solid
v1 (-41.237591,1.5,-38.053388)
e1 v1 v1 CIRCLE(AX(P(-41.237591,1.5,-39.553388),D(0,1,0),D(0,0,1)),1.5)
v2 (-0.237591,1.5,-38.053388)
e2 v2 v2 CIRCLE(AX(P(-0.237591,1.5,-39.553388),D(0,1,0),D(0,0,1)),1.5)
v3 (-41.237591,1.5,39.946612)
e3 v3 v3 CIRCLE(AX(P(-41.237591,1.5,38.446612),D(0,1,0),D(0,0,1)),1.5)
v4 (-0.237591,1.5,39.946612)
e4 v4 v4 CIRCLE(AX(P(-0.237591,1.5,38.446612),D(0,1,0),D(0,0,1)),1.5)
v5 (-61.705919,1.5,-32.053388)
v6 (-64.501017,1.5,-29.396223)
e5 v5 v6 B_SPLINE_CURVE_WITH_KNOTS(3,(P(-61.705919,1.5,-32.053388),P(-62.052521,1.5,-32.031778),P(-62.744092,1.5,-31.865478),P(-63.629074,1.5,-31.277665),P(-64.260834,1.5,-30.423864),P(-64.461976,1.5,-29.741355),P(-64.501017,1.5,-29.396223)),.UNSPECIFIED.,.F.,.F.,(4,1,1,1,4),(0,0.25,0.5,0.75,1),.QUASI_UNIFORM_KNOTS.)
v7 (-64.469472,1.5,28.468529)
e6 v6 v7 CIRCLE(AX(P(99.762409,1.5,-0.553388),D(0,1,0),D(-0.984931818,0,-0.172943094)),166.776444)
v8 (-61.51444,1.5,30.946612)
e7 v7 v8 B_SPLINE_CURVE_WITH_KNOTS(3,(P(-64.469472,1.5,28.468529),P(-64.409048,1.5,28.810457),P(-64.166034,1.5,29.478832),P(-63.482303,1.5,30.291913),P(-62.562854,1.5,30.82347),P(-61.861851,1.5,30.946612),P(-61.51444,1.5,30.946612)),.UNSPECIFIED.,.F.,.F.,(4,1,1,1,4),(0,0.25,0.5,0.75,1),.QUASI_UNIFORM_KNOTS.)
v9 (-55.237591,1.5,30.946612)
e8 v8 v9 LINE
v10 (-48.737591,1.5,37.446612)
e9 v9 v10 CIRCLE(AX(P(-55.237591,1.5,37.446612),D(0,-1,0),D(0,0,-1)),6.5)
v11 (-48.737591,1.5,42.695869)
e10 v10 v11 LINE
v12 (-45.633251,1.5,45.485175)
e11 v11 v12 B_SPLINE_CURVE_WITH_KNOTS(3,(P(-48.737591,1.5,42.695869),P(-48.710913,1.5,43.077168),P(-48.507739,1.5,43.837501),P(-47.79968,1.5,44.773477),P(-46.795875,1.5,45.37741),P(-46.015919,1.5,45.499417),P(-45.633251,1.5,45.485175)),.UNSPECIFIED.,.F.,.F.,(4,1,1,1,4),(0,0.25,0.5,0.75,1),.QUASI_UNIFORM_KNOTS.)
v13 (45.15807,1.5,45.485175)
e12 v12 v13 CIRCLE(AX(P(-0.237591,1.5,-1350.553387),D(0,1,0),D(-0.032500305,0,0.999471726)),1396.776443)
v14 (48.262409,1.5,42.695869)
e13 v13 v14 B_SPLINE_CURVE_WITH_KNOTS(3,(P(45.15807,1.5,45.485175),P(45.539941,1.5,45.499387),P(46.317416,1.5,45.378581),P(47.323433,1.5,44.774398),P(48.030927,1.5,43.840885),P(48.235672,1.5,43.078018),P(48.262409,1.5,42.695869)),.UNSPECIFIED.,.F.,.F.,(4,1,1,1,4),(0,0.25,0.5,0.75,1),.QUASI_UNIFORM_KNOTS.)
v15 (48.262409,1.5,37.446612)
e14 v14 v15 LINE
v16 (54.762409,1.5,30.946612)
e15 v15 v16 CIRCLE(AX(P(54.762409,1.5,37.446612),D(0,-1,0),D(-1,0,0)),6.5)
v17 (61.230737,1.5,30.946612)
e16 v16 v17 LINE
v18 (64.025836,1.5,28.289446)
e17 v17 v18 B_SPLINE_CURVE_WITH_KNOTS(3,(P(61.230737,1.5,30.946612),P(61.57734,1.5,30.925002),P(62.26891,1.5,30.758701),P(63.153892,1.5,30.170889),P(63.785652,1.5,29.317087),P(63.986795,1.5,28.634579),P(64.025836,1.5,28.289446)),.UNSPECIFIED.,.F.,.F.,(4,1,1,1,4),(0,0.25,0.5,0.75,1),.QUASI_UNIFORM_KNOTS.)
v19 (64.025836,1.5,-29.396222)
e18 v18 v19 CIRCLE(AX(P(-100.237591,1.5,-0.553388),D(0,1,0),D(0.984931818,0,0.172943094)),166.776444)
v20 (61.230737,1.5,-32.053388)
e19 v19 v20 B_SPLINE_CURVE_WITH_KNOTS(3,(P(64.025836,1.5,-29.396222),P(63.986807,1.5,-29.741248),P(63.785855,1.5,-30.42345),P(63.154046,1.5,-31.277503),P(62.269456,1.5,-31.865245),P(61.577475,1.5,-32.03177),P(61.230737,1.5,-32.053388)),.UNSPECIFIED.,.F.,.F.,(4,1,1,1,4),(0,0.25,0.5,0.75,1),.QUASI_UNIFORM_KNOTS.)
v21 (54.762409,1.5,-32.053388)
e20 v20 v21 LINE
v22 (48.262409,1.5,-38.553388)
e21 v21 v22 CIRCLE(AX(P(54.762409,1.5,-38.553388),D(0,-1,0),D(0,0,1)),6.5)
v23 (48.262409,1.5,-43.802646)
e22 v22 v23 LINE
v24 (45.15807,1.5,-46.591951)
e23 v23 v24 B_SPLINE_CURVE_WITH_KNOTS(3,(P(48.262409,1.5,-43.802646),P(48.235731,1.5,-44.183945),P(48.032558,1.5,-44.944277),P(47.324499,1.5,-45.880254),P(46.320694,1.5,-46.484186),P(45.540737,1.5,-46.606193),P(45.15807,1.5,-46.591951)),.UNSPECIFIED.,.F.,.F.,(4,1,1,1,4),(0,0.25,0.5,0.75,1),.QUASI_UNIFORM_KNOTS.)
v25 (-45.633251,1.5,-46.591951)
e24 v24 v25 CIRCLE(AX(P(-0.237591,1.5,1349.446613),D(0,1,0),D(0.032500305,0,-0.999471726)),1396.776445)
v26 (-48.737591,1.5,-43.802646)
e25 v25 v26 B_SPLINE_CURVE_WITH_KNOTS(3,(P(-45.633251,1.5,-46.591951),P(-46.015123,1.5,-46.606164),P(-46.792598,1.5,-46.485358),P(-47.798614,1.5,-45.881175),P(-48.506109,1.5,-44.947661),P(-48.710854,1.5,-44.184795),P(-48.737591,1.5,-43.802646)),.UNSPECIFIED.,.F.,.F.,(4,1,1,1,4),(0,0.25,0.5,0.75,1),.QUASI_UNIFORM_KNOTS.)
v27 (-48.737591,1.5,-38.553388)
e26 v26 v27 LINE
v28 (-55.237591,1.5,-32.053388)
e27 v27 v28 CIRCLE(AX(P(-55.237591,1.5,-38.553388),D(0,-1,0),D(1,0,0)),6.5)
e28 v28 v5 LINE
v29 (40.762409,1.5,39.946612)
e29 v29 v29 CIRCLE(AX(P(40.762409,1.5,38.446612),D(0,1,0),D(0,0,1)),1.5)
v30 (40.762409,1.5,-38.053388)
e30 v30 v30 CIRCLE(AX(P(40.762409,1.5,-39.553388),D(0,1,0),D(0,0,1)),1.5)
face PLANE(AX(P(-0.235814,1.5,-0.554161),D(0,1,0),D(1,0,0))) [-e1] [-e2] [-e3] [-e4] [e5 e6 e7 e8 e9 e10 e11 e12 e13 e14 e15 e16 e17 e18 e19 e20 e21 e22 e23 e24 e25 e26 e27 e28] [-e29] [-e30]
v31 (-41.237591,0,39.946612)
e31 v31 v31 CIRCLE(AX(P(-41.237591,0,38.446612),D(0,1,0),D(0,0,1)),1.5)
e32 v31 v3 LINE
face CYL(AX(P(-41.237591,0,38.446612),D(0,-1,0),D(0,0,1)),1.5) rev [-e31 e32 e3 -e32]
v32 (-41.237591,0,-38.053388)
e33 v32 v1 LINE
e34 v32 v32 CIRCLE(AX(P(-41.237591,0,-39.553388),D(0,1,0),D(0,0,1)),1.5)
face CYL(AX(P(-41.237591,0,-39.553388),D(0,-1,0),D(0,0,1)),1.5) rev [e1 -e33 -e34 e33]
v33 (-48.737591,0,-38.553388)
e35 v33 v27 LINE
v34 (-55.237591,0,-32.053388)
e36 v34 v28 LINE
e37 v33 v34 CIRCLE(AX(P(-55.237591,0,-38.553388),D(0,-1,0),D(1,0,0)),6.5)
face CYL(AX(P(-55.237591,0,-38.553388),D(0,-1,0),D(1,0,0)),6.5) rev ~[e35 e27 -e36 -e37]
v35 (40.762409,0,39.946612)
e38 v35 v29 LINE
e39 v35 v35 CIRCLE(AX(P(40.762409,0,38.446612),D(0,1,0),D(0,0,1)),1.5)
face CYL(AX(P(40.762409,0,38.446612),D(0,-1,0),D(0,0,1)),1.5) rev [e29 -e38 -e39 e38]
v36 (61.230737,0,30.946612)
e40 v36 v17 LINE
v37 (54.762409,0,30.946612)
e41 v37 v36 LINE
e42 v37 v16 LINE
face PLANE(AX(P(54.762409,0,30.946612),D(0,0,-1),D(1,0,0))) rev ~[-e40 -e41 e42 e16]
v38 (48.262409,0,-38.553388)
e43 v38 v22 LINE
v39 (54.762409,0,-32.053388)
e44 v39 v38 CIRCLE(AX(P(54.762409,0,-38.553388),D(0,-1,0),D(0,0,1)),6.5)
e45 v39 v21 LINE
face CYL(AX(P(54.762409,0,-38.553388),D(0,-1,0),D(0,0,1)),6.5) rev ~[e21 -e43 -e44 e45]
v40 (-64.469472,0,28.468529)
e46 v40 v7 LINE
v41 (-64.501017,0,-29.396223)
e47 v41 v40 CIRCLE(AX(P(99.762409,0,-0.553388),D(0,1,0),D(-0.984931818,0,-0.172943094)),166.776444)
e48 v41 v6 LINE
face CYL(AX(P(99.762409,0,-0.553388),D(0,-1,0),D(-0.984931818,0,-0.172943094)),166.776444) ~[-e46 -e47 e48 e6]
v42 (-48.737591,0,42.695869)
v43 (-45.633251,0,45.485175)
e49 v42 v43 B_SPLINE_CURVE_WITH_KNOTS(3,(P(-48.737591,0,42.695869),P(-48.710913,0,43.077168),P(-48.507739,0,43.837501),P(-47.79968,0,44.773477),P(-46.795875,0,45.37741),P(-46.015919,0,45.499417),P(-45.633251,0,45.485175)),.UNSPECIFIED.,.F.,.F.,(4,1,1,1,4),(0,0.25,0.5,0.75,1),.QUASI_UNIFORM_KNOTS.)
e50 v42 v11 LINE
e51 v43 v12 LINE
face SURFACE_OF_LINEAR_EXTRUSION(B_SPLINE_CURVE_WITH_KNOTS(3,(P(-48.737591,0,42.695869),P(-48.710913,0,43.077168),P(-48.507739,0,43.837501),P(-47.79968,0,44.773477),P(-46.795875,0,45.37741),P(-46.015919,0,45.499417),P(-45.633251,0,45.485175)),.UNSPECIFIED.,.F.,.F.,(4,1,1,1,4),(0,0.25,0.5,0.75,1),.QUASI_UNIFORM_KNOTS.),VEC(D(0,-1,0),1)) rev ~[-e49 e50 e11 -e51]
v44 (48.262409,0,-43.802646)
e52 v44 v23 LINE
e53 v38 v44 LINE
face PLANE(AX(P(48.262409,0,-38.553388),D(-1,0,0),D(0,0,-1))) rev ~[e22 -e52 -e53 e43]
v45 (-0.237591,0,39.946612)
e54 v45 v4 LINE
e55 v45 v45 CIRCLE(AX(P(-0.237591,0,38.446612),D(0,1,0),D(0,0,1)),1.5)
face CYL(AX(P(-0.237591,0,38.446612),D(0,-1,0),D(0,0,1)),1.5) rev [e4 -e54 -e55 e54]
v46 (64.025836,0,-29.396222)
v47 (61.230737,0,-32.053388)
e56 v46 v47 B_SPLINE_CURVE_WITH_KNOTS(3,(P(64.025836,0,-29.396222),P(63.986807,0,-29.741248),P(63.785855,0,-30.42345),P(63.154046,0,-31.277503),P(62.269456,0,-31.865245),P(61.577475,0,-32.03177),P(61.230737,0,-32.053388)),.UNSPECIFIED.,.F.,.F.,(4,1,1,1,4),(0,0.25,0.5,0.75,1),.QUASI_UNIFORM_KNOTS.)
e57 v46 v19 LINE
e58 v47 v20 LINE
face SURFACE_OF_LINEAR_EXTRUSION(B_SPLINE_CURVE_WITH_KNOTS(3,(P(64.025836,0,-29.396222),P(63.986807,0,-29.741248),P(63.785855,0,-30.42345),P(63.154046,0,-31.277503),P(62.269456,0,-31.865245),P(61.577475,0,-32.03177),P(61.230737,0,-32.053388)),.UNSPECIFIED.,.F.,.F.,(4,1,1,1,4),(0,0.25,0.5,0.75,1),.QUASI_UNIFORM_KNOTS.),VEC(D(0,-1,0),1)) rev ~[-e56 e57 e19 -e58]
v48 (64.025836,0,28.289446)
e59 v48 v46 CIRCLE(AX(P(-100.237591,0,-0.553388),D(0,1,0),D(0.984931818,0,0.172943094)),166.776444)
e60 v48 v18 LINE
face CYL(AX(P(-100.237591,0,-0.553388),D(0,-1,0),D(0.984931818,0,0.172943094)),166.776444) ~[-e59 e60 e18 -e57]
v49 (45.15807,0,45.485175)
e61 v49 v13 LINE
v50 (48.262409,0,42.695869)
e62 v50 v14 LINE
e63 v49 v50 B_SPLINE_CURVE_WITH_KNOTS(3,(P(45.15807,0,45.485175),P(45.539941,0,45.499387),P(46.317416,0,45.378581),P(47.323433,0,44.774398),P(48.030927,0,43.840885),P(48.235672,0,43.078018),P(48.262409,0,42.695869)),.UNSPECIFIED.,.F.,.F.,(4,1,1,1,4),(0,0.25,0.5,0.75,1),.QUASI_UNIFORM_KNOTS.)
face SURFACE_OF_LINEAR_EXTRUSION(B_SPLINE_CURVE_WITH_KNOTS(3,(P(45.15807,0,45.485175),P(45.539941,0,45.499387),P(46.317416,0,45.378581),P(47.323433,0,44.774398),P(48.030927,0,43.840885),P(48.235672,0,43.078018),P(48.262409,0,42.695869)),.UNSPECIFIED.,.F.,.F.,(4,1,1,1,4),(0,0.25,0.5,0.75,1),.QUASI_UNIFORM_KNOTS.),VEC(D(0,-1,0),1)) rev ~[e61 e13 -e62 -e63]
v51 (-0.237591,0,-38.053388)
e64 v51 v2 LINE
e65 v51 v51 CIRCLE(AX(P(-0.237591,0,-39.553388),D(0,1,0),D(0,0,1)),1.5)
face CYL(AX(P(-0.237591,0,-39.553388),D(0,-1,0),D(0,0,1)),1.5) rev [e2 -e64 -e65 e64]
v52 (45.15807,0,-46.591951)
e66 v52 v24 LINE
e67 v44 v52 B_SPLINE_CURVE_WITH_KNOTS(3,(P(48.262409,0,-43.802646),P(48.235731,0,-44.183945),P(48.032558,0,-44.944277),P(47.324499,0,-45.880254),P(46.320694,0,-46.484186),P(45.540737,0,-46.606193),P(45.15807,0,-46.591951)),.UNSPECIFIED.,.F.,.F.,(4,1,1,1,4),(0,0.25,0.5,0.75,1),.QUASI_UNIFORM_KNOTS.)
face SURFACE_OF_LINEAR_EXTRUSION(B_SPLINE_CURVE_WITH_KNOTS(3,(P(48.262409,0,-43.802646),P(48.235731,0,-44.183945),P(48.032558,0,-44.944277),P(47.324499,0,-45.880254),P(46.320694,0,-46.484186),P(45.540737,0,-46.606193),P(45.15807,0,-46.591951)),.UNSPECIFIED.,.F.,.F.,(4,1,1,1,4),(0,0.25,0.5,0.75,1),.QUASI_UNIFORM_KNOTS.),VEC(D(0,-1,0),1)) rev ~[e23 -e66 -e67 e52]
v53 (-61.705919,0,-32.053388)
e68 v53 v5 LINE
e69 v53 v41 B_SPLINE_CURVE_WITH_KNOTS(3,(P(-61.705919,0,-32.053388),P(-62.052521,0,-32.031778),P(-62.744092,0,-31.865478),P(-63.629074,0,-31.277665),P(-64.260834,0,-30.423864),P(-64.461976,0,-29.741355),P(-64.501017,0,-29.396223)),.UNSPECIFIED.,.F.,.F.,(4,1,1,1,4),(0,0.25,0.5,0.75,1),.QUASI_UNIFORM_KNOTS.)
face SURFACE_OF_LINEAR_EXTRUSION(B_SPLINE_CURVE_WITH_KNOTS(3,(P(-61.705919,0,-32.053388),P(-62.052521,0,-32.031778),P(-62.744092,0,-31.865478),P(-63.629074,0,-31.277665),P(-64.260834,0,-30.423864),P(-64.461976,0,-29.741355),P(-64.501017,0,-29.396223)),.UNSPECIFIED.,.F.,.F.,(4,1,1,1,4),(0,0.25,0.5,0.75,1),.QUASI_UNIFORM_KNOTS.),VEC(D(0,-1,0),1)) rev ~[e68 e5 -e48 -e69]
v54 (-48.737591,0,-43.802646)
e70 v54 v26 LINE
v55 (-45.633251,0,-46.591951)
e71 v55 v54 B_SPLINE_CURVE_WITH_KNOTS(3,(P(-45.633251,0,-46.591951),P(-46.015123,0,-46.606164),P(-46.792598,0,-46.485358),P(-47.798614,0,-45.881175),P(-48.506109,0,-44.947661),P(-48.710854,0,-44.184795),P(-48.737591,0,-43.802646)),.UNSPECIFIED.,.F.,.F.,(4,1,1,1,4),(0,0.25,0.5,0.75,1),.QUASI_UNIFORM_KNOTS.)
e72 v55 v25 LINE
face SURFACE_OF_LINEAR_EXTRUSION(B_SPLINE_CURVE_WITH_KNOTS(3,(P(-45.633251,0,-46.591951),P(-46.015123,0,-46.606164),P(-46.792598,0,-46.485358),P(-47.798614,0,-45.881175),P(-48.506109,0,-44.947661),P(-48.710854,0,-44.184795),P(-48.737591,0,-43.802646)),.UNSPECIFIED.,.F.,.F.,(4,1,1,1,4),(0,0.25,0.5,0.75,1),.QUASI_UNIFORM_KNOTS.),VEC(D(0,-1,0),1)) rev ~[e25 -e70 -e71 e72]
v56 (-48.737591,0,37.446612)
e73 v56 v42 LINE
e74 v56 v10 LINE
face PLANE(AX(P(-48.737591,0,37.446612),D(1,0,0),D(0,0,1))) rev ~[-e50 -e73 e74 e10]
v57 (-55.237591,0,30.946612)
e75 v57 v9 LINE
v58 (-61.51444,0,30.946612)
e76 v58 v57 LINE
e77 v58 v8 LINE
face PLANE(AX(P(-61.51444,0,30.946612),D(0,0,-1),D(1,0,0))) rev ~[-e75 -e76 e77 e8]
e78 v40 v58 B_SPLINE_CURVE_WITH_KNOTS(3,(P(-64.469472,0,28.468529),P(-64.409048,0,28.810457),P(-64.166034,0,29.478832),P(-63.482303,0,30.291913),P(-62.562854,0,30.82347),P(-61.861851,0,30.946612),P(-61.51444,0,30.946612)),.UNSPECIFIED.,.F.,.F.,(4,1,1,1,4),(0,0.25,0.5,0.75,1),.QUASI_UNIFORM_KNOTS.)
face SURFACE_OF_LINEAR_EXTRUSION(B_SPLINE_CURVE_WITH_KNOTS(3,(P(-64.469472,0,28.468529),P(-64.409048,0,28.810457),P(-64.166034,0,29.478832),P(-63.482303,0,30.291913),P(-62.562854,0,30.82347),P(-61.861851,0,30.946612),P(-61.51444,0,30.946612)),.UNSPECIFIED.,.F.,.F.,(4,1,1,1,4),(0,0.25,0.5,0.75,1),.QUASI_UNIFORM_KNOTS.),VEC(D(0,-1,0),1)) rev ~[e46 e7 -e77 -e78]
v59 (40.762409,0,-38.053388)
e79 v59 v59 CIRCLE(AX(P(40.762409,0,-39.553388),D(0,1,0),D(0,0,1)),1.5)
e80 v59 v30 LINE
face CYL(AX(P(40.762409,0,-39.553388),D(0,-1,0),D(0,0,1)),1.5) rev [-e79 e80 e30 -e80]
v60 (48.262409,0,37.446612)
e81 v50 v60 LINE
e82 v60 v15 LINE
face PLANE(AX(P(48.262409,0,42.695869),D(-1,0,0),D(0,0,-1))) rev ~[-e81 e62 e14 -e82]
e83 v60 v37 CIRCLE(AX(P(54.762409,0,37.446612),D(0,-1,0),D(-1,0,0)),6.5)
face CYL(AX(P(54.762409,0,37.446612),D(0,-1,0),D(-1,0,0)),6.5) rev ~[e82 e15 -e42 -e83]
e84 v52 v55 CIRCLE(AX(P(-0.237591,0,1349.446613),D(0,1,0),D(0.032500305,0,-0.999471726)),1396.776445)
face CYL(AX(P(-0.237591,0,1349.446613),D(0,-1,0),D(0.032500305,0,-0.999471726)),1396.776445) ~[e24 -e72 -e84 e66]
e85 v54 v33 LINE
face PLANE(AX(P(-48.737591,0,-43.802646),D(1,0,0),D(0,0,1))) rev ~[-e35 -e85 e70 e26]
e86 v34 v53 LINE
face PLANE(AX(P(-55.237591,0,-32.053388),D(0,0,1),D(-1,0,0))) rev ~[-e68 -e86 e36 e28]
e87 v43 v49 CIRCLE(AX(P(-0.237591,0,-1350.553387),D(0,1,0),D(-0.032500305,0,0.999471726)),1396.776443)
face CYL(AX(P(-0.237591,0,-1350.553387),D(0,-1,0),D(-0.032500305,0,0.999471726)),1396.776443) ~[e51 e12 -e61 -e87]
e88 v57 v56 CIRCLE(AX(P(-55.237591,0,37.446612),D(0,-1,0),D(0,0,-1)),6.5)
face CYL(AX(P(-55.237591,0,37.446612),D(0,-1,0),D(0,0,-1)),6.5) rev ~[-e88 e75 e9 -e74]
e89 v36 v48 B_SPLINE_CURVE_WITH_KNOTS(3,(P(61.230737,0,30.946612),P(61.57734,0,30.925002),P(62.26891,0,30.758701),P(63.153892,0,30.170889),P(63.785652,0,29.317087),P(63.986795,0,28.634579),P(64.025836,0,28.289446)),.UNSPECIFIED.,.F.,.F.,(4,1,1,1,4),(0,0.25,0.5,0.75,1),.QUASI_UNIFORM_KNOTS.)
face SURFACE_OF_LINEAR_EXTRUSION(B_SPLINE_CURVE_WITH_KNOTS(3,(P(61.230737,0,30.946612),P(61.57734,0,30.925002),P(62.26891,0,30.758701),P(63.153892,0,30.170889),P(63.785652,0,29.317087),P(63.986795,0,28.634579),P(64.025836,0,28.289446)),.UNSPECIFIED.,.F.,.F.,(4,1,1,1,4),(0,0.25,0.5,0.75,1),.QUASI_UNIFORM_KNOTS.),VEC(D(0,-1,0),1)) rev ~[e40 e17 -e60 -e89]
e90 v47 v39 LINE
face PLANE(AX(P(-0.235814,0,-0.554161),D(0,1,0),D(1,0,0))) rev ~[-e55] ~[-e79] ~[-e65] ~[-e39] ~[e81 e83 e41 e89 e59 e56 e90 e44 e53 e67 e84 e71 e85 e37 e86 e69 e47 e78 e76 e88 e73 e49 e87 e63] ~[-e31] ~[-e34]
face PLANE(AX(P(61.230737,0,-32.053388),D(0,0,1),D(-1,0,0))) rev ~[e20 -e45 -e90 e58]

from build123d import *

# Parameters (mm, degrees)
SKETCH_1_R      = 1.5
EXTRUDE_1_DEPTH = 1.5


with BuildPart() as part:
    # Эскиз1 → Бобышка-Вытянуть1 (new body)
    with BuildSketch(Plane(origin=(0, 0, 0), x_dir=(1, 0, 0), z_dir=(0, 1, 0))):
        with BuildLine():
            Line((-55.237590769, 32.053388295), (-61.7059188, 32.053388295))
            add(Edge.make_bspline(
                [(-61.7059188, 32.053388295), (-62.052521275, 32.031778061), (-62.744091711, 31.865477519), (-63.629073773, 31.277665282), (-64.260833863, 30.4238638), (-64.461976453, 29.741355241), (-64.501017169, 29.396222514)],
                knots=[0, 0, 0, 0, 0.25, 0.5, 0.75, 1, 1, 1, 1], degree=3))
            ThreePointArc((-64.501017169, 29.396222514), (-67.014010182, 0.462468283), (-64.469471559, -28.468528779))
            add(Edge.make_bspline(
                [(-64.469471559, -28.468528779), (-64.409048461, -28.810456535), (-64.166033983, -29.478831911), (-63.482303299, -30.291913357), (-62.562853807, -30.823470466), (-61.861851099, -30.946611705), (-61.514440275, -30.946611705)],
                knots=[0, 0, 0, 0, 0.25, 0.5, 0.75, 1, 1, 1, 1], degree=3))
            Line((-61.514440275, -30.946611705), (-55.237590769, -30.946611705))
            ThreePointArc((-55.237590769, -30.946611705), (-50.641396691, -32.850417627), (-48.737590769, -37.446611705))
            Line((-48.737590769, -37.446611705), (-48.737590769, -42.6958694))
            add(Edge.make_bspline(
                [(-48.737590769, -42.6958694), (-48.71091302, -43.077168109), (-48.507739461, -43.837500854), (-47.799680152, -44.773477074), (-46.795875092, -45.377409673), (-46.015918692, -45.499416665), (-45.633251479, -45.485174585)],
                knots=[0, 0, 0, 0, 0.25, 0.5, 0.75, 1, 1, 1, 1], degree=3))
            ThreePointArc((-45.633251479, -45.485174585), (-0.237590768, -46.223055901), (45.158069943, -45.485174585))
            add(Edge.make_bspline(
                [(45.158069943, -45.485174585), (45.539941303, -45.499387045), (46.317416103, -45.378581331), (47.323432889, -44.774398344), (48.030926989, -43.840884512), (48.235672001, -43.078018207), (48.26240923, -42.69586945)],
                knots=[0, 0, 0, 0, 0.25, 0.5, 0.75, 1, 1, 1, 1], degree=3))
            Line((48.26240923, -42.69586945), (48.26240923, -37.446611743))
            ThreePointArc((48.26240923, -37.446611743), (50.166215153, -32.850417666), (54.76240923, -30.946611743))
            Line((54.76240923, -30.946611743), (61.230737262, -30.946611743))
            add(Edge.make_bspline(
                [(61.230737262, -30.946611743), (61.577339736, -30.925001509), (62.268910172, -30.758700967), (63.153892234, -30.17088873), (63.785652325, -29.317087248), (63.986794915, -28.634578689), (64.025835631, -28.289445963)],
                knots=[0, 0, 0, 0, 0.25, 0.5, 0.75, 1, 1, 1, 1], degree=3))
            ThreePointArc((64.025835631, -28.289445963), (66.538853426, 0.553388257), (64.025835631, 29.396222476))
            add(Edge.make_bspline(
                [(64.025835631, 29.396222476), (63.98680709, 29.741247568), (63.785855195, 30.423449895), (63.154045977, 31.277502704), (62.269456107, 31.865245071), (61.577474792, 32.031769602), (61.230737261, 32.053388257)],
                knots=[0, 0, 0, 0, 0.25, 0.5, 0.75, 1, 1, 1, 1], degree=3))
            Line((61.230737261, 32.053388257), (54.762409231, 32.053388257))
            ThreePointArc((54.762409231, 32.053388257), (50.166215153, 33.957194179), (48.262409231, 38.553388257))
            Line((48.262409231, 38.553388257), (48.262409231, 43.802645952))
            add(Edge.make_bspline(
                [(48.262409231, 43.802645952), (48.235731482, 44.18394466), (48.032557923, 44.944277406), (47.324498614, 45.880253626), (46.320693554, 46.484186224), (45.540737153, 46.606193217), (45.158069941, 46.591951137)],
                knots=[0, 0, 0, 0, 0.25, 0.5, 0.75, 1, 1, 1, 1], degree=3))
            ThreePointArc((45.158069941, 46.591951137), (-0.237590771, 47.329832452), (-45.633251482, 46.591951137))
            add(Edge.make_bspline(
                [(-45.633251482, 46.591951137), (-46.015122842, 46.606163597), (-46.792597641, 46.485357883), (-47.798614427, 45.881174896), (-48.506108527, 44.947661064), (-48.71085354, 44.184794759), (-48.737590769, 43.802646001)],
                knots=[0, 0, 0, 0, 0.25, 0.5, 0.75, 1, 1, 1, 1], degree=3))
            Line((-48.737590769, 43.802646001), (-48.737590769, 38.553388295))
            ThreePointArc((-48.737590769, 38.553388295), (-50.641396691, 33.957194217), (-55.237590769, 32.053388295))
        make_face()
        with Locations(Location((-41.237590769, 39.553388295, 0), (0, 0, 270))):
            Circle(SKETCH_1_R, mode=Mode.SUBTRACT)
        with Locations(Location((-0.237590769, 39.553388295, 0), (0, 0, 270))):
            Circle(SKETCH_1_R, mode=Mode.SUBTRACT)
        with Locations(Location((40.762409231, 39.553388295, 0), (0, 0, 270))):
            Circle(SKETCH_1_R, mode=Mode.SUBTRACT)
        with Locations(Location((-41.237590769, -38.446611705, 0), (0, 0, 270))):
            Circle(SKETCH_1_R, mode=Mode.SUBTRACT)
        with Locations(Location((-0.237590769, -38.446611705, 0), (0, 0, 270))):
            Circle(SKETCH_1_R, mode=Mode.SUBTRACT)
        with Locations(Location((40.762409231, -38.446611705, 0), (0, 0, 270))):
            Circle(SKETCH_1_R, mode=Mode.SUBTRACT)
    extrude(amount=EXTRUDE_1_DEPTH)


solid = part.part
